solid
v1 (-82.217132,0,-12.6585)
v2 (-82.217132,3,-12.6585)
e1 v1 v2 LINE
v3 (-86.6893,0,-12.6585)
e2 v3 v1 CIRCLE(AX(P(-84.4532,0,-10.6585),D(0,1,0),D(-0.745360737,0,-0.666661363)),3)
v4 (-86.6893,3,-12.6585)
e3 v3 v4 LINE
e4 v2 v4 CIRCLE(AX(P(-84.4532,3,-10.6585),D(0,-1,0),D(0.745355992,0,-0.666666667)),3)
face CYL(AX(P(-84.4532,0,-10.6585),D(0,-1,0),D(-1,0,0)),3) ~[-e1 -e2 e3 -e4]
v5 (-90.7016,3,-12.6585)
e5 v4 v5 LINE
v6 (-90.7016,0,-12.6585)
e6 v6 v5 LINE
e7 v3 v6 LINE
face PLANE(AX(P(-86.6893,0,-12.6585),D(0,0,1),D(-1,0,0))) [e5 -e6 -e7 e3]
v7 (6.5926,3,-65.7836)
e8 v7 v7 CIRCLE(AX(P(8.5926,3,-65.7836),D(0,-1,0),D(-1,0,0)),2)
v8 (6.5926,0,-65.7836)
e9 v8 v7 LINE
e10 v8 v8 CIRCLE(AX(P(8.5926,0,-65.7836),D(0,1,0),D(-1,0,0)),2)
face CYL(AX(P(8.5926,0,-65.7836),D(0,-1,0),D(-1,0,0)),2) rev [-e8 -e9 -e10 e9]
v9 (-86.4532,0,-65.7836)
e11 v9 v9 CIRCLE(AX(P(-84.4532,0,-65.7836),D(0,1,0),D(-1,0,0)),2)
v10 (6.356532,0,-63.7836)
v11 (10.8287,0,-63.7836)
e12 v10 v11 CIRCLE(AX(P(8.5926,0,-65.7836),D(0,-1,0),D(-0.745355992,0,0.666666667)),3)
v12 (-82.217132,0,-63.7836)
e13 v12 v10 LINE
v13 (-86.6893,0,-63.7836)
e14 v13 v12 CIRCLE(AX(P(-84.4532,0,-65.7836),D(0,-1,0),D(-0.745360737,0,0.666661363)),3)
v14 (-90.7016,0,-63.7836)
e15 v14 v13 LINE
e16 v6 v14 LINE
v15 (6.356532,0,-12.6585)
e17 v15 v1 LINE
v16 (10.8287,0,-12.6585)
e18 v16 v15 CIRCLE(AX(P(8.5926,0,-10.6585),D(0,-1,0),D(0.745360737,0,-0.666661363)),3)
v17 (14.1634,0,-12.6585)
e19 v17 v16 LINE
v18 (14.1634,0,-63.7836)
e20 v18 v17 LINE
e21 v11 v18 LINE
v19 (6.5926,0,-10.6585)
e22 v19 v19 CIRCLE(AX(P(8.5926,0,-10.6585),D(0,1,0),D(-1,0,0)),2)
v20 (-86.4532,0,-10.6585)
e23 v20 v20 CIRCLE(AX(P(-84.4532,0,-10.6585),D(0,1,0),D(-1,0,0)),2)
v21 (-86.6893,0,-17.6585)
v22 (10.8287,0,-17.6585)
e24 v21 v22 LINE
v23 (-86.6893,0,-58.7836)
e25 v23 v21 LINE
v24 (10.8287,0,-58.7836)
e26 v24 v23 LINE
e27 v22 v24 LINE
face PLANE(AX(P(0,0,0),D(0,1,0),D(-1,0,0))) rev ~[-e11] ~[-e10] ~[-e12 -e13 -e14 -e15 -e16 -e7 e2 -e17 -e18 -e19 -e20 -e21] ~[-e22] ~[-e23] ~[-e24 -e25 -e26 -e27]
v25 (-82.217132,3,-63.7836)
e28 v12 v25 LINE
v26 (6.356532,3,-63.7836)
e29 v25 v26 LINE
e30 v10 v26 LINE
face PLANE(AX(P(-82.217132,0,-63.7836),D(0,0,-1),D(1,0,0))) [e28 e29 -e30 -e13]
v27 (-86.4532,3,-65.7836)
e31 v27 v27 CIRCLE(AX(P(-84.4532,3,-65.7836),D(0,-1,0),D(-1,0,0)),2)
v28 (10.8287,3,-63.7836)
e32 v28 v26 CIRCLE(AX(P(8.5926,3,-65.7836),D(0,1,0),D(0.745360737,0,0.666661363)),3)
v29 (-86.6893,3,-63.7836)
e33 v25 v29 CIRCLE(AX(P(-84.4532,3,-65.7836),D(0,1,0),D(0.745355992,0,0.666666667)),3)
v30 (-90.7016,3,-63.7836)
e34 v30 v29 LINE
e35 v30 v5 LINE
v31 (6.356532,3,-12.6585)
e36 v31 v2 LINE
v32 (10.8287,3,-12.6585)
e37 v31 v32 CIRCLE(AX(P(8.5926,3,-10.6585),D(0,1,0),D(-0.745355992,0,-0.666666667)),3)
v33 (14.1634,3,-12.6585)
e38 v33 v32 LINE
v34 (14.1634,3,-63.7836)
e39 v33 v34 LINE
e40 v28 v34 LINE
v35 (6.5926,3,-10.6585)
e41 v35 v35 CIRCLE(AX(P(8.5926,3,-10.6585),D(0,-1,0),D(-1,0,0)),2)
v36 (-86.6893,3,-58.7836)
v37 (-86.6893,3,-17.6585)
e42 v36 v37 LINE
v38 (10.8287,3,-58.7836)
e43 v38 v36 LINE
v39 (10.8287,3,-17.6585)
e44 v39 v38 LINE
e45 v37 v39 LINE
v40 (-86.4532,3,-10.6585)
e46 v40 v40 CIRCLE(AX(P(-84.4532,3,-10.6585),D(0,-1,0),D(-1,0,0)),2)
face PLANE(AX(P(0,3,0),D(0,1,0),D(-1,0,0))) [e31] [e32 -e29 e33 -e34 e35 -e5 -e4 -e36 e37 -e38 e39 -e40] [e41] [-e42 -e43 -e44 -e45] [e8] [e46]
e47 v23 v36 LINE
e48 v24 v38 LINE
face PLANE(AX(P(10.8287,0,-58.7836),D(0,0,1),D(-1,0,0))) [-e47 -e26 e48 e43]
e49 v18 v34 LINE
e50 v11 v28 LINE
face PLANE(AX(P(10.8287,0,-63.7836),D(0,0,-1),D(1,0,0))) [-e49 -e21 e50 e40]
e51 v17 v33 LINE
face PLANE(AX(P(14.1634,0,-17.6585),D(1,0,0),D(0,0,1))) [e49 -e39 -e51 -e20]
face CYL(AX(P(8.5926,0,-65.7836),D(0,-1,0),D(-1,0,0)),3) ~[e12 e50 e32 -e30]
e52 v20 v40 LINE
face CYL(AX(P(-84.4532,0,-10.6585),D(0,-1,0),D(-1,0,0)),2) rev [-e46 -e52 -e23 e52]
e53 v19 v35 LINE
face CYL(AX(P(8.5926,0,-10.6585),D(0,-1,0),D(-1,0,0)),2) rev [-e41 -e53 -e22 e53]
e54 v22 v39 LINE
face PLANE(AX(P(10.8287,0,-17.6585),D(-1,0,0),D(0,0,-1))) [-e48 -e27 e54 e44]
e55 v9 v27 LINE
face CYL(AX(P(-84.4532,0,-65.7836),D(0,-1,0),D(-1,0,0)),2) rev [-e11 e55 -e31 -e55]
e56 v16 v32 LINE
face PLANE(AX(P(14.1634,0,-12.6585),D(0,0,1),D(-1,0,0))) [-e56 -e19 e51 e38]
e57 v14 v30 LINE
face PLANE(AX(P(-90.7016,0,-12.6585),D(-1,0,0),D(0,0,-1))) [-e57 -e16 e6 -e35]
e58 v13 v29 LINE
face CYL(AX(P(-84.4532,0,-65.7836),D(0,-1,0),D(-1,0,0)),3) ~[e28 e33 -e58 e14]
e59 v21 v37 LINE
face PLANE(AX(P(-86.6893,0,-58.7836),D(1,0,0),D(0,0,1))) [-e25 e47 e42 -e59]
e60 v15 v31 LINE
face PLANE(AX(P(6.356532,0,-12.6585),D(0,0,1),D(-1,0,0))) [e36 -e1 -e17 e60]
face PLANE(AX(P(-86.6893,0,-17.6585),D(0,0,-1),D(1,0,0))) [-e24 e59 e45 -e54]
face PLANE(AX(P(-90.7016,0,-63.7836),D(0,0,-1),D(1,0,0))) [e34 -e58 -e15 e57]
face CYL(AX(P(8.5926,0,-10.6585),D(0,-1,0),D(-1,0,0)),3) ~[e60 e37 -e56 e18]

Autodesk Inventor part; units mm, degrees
ref_plane "YZ Plane" through (0, 0, 0) normal (1, 0, 0) x (0, 1, 0)
ref_plane "XZ Plane" through (0, 0, 0) normal (0, 1, 0) x (-1, 0, 0)
ref_plane "XY Plane" through (0, 0, 0) normal (0, 0, 1) x (1, 0, 0)
sketch "Sketch1" plane through (0, 0, 0) normal (0, 1, 0) x (-1, 0, 0)
  spline S0 degree 3 poles (-9.8463, -11.5333) (-9.7942, -11.6131) (-9.7348, -11.6874) (-9.6692, -11.7553) (-9.4724, -11.9589) (-9.2192, -12.1042) (-8.936, -12.1641) (-8.8416, -12.1841) (-8.7439, -12.1946) (-8.6437, -12.1946) (-8.5436, -12.1946) (-8.4459, -12.1841) (-8.3515, -12.1641) (-8.0682, -12.1042) (-7.8151, -11.9589) (-7.6183, -11.7553) (-7.5527, -11.6874) (-7.4933, -11.6131) (-7.4412, -11.5333) (-7.337, -11.3737) (-7.2616, -11.1922) (-7.223, -10.9969) (-7.2037, -10.8993) (-7.1935, -10.7982) (-7.1935, -10.6946) (-7.1935, -9.8662) (-7.8428, -9.1946) (-8.6437, -9.1946) (-9.4447, -9.1946) (-10.094, -9.8662) (-10.094, -10.6946) (-10.094, -10.7982) (-10.0838, -10.8993) (-10.0645, -10.9969) (-10.0259, -11.1922) (-9.9505, -11.3737) (-9.8463, -11.5333) knots 0 0 0 0 1 1 1 2 2 2 3 3 3 4 4 4 5 5 5 6 6 6 7 7 7 8 8 8 9 9 9 10 10 10 11 11 11 12 12 12 12
  line L0 (-9.8463, -11.5333) -> (-9.7942, -11.6131) construction
  line L1 (-9.7942, -11.6131) -> (-9.7348, -11.6874) construction
  line L2 (-9.7348, -11.6874) -> (-9.6692, -11.7553) construction
  line L3 (-9.6692, -11.7553) -> (-9.4724, -11.9589) construction
  line L4 (-9.4724, -11.9589) -> (-9.2192, -12.1042) construction
  line L5 (-9.2192, -12.1042) -> (-8.936, -12.1641) construction
  line L6 (-8.936, -12.1641) -> (-8.8416, -12.1841) construction
  line L7 (-8.8416, -12.1841) -> (-8.7439, -12.1946) construction
  line L8 (-8.7439, -12.1946) -> (-8.6437, -12.1946) construction
  line L9 (-8.6437, -12.1946) -> (-8.5436, -12.1946) construction
  line L10 (-8.5436, -12.1946) -> (-8.4459, -12.1841) construction
  line L11 (-8.4459, -12.1841) -> (-8.3515, -12.1641) construction
  line L12 (-8.3515, -12.1641) -> (-8.0682, -12.1042) construction
  line L13 (-8.0682, -12.1042) -> (-7.8151, -11.9589) construction
  line L14 (-7.8151, -11.9589) -> (-7.6183, -11.7553) construction
  line L15 (-7.6183, -11.7553) -> (-7.5527, -11.6874) construction
  line L16 (-7.5527, -11.6874) -> (-7.4933, -11.6131) construction
  line L17 (-7.4933, -11.6131) -> (-7.4412, -11.5333) construction
  line L18 (-7.4412, -11.5333) -> (-7.337, -11.3737) construction
  line L19 (-7.337, -11.3737) -> (-7.2616, -11.1922) construction
  line L20 (-7.2616, -11.1922) -> (-7.223, -10.9969) construction
  line L21 (-7.223, -10.9969) -> (-7.2037, -10.8993) construction
  line L22 (-7.2037, -10.8993) -> (-7.1935, -10.7982) construction
  line L23 (-7.1935, -10.7982) -> (-7.1935, -10.6946) construction
  line L24 (-7.1935, -10.6946) -> (-7.1935, -9.8662) construction
  line L25 (-7.1935, -9.8662) -> (-7.8428, -9.1946) construction
  line L26 (-7.8428, -9.1946) -> (-8.6437, -9.1946) construction
  line L27 (-8.6437, -9.1946) -> (-9.4447, -9.1946) construction
  line L28 (-9.4447, -9.1946) -> (-10.094, -9.8662) construction
  line L29 (-10.094, -9.8662) -> (-10.094, -10.6946) construction
  line L30 (-10.094, -10.6946) -> (-10.094, -10.7982) construction
  line L31 (-10.094, -10.7982) -> (-10.0838, -10.8993) construction
  line L32 (-10.0838, -10.8993) -> (-10.0645, -10.9969) construction
  line L33 (-10.0645, -10.9969) -> (-10.0259, -11.1922) construction
  line L34 (-10.0259, -11.1922) -> (-9.9505, -11.3737) construction
  line L35 (-9.9505, -11.3737) -> (-9.8463, -11.5333) construction
  spline S1 degree 3 poles (83.1689, -11.5333) (83.221, -11.6131) (83.2803, -11.6874) (83.3459, -11.7553) (83.5428, -11.9589) (83.7959, -12.1042) (84.0791, -12.1641) (84.1735, -12.1841) (84.2713, -12.1946) (84.3714, -12.1946) (84.4715, -12.1946) (84.5693, -12.1841) (84.6637, -12.1641) (84.9469, -12.1042) (85.2001, -11.9589) (85.3969, -11.7553) (85.4625, -11.6874) (85.5218, -11.6131) (85.574, -11.5333) (85.6782, -11.3737) (85.7536, -11.1922) (85.7922, -10.9969) (85.8115, -10.8993) (85.8217, -10.7982) (85.8217, -10.6946) (85.8217, -9.8662) (85.1724, -9.1946) (84.3714, -9.1946) (83.5705, -9.1946) (82.9212, -9.8662) (82.9212, -10.6946) (82.9212, -10.7982) (82.9313, -10.8993) (82.9506, -10.9969) (82.9893, -11.1922) (83.0646, -11.3737) (83.1689, -11.5333) knots 0 0 0 0 1 1 1 2 2 2 3 3 3 4 4 4 5 5 5 6 6 6 7 7 7 8 8 8 9 9 9 10 10 10 11 11 11 12 12 12 12
  line L36 (83.1689, -11.5333) -> (83.221, -11.6131) construction
  line L37 (83.221, -11.6131) -> (83.2803, -11.6874) construction
  line L38 (83.2803, -11.6874) -> (83.3459, -11.7553) construction
  line L39 (83.3459, -11.7553) -> (83.5428, -11.9589) construction
  line L40 (83.5428, -11.9589) -> (83.7959, -12.1042) construction
  line L41 (83.7959, -12.1042) -> (84.0791, -12.1641) construction
  line L42 (84.0791, -12.1641) -> (84.1735, -12.1841) construction
  line L43 (84.1735, -12.1841) -> (84.2713, -12.1946) construction
  line L44 (84.2713, -12.1946) -> (84.3714, -12.1946) construction
  line L45 (84.3714, -12.1946) -> (84.4715, -12.1946) construction
  line L46 (84.4715, -12.1946) -> (84.5693, -12.1841) construction
  line L47 (84.5693, -12.1841) -> (84.6637, -12.1641) construction
  line L48 (84.6637, -12.1641) -> (84.9469, -12.1042) construction
  line L49 (84.9469, -12.1042) -> (85.2001, -11.9589) construction
  line L50 (85.2001, -11.9589) -> (85.3969, -11.7553) construction
  line L51 (85.3969, -11.7553) -> (85.4625, -11.6874) construction
  line L52 (85.4625, -11.6874) -> (85.5218, -11.6131) construction
  line L53 (85.5218, -11.6131) -> (85.574, -11.5333) construction
  line L54 (85.574, -11.5333) -> (85.6782, -11.3737) construction
  line L55 (85.6782, -11.3737) -> (85.7536, -11.1922) construction
  line L56 (85.7536, -11.1922) -> (85.7922, -10.9969) construction
  line L57 (85.7922, -10.9969) -> (85.8115, -10.8993) construction
  line L58 (85.8115, -10.8993) -> (85.8217, -10.7982) construction
  line L59 (85.8217, -10.7982) -> (85.8217, -10.6946) construction
  line L60 (85.8217, -10.6946) -> (85.8217, -9.8662) construction
  line L61 (85.8217, -9.8662) -> (85.1724, -9.1946) construction
  line L62 (85.1724, -9.1946) -> (84.3714, -9.1946) construction
  line L63 (84.3714, -9.1946) -> (83.5705, -9.1946) construction
  line L64 (83.5705, -9.1946) -> (82.9212, -9.8662) construction
  line L65 (82.9212, -9.8662) -> (82.9212, -10.6946) construction
  line L66 (82.9212, -10.6946) -> (82.9212, -10.7982) construction
  line L67 (82.9212, -10.7982) -> (82.9313, -10.8993) construction
  line L68 (82.9313, -10.8993) -> (82.9506, -10.9969) construction
  line L69 (82.9506, -10.9969) -> (82.9893, -11.1922) construction
  line L70 (82.9893, -11.1922) -> (83.0646, -11.3737) construction
  line L71 (83.0646, -11.3737) -> (83.1689, -11.5333) construction
  line L72 (-14.2577, -12.5451) -> (-14.2577, -64.0273)
  line L73 (-14.2577, -64.0273) -> (90.783, -64.0273)
  line L74 (90.783, -64.0273) -> (90.783, -12.5451)
  line L75 (90.783, -12.5451) -> (-14.2577, -12.5451)
  spline S2 degree 3 poles (-8.6437, -64.2555) (-9.4447, -64.2555) (-10.094, -64.9271) (-10.094, -65.7555) (-10.094, -66.5839) (-9.4447, -67.2555) (-8.6437, -67.2555) (-7.8428, -67.2555) (-7.1935, -66.5839) (-7.1935, -65.7555) (-7.1935, -64.9271) (-7.8428, -64.2555) (-8.6437, -64.2555) knots 0 0 0 0 1 1 1 2 2 2 3 3 3 4 4 4 4
  line L76 (-8.6437, -64.2555) -> (-9.4447, -64.2555) construction
  line L77 (-9.4447, -64.2555) -> (-10.094, -64.9271) construction
  line L78 (-10.094, -64.9271) -> (-10.094, -65.7555) construction
  line L79 (-10.094, -65.7555) -> (-10.094, -66.5839) construction
  line L80 (-10.094, -66.5839) -> (-9.4447, -67.2555) construction
  line L81 (-9.4447, -67.2555) -> (-8.6437, -67.2555) construction
  line L82 (-8.6437, -67.2555) -> (-7.8428, -67.2555) construction
  line L83 (-7.8428, -67.2555) -> (-7.1935, -66.5839) construction
  line L84 (-7.1935, -66.5839) -> (-7.1935, -65.7555) construction
  line L85 (-7.1935, -65.7555) -> (-7.1935, -64.9271) construction
  line L86 (-7.1935, -64.9271) -> (-7.8428, -64.2555) construction
  line L87 (-7.8428, -64.2555) -> (-8.6437, -64.2555) construction
  spline S3 degree 3 poles (84.4193, -64.2555) (83.6184, -64.2555) (82.9691, -64.9271) (82.9691, -65.7555) (82.9691, -66.5839) (83.6184, -67.2555) (84.4193, -67.2555) (85.2203, -67.2555) (85.8695, -66.5839) (85.8695, -65.7555) (85.8695, -64.9271) (85.2203, -64.2555) (84.4193, -64.2555) knots 0 0 0 0 1 1 1 2 2 2 3 3 3 4 4 4 4
  line L88 (84.4193, -64.2555) -> (83.6184, -64.2555) construction
  line L89 (83.6184, -64.2555) -> (82.9691, -64.9271) construction
  line L90 (82.9691, -64.9271) -> (82.9691, -65.7555) construction
  line L91 (82.9691, -65.7555) -> (82.9691, -66.5839) construction
  line L92 (82.9691, -66.5839) -> (83.6184, -67.2555) construction
  line L93 (83.6184, -67.2555) -> (84.4193, -67.2555) construction
  line L94 (84.4193, -67.2555) -> (85.2203, -67.2555) construction
  line L95 (85.2203, -67.2555) -> (85.8695, -66.5839) construction
  line L96 (85.8695, -66.5839) -> (85.8695, -65.7555) construction
  line L97 (85.8695, -65.7555) -> (85.8695, -64.9271) construction
  line L98 (85.8695, -64.9271) -> (85.2203, -64.2555) construction
  line L99 (85.2203, -64.2555) -> (84.4193, -64.2555) construction
  point P0 (0, 0)
sketch "Sketch2" plane through (0, 0, 0) normal (0, 1, 0) x (-1, 0, 0)
  circle A0 centre (84.4532, -10.6585) radius 2
  circle A1 centre (-8.5926, -10.6585) radius 2
  circle A2 centre (-8.5926, -65.7836) radius 2
  circle A3 centre (84.4532, -65.7836) radius 2
  circle A4 centre (-8.5926, -10.6585) radius 3
  circle A5 centre (-8.5926, -65.7836) radius 3
  circle A6 centre (84.4532, -65.7836) radius 3
  circle A7 centre (84.4532, -10.6585) radius 3
  line L0 (-14.1634, -12.6585) -> (90.7016, -12.6585)
  line L1 (90.7016, -12.6585) -> (90.7016, -17.6585)
  line L2 (90.7016, -17.6585) -> (-14.1634, -17.6585)
  line L3 (-14.1634, -17.6585) -> (-14.1634, -12.6585)
  line L4 (90.7016, -63.7836) -> (-14.1634, -63.7836)
  line L5 (-14.1634, -63.7836) -> (-14.1634, -58.7836)
  line L6 (-14.1634, -58.7836) -> (90.7016, -58.7836)
  line L7 (90.7016, -58.7836) -> (90.7016, -63.7836)
  line L8 (-14.1634, -12.6585) -> (-10.8287, -12.6585)
  line L9 (-10.8287, -12.6585) -> (-10.8287, -63.7836)
  line L10 (-10.8287, -63.7836) -> (-14.1634, -63.7836)
  line L11 (-14.1634, -63.7836) -> (-14.1634, -12.6585)
  line L12 (86.6893, -12.6585) -> (90.7016, -12.6585)
  line L13 (90.7016, -12.6585) -> (90.7016, -63.7836)
  line L14 (90.7016, -63.7836) -> (86.6893, -63.7836)
  line L15 (86.6893, -63.7836) -> (86.6893, -12.6585)
  point P0 (0, 0)
  dimension "d5" = 6
  dimension "d7" = 6
  dimension "d0" = 4
  dimension "d1" = 4
  dimension "d2" = 4
  dimension "d3" = 4
  dimension "d4" = 6
  dimension "d6" = 6
  dimension "d8" = 5
  dimension "d9" = 5
extrude "Extrusion1" add sketch "Sketch2" along normal blind 3 contours L0 A7 | L0 A7 | A7 L15 L2 L9 A4 L0 | L0 L1 L2 L15 | L0 A4 | A4 L0 | L2 L13 L6 L15 | L9 L2 L3 L0 | L9 L6 L11 L2 | L15 A6 L4 A5 L9 L6 | L6 L7 L4 L15 | L9 L4 L5 L6 | L4 A6 | A6 L4 | L4 A5 | A5 L4
properties part number "lcd-spacer-model"
